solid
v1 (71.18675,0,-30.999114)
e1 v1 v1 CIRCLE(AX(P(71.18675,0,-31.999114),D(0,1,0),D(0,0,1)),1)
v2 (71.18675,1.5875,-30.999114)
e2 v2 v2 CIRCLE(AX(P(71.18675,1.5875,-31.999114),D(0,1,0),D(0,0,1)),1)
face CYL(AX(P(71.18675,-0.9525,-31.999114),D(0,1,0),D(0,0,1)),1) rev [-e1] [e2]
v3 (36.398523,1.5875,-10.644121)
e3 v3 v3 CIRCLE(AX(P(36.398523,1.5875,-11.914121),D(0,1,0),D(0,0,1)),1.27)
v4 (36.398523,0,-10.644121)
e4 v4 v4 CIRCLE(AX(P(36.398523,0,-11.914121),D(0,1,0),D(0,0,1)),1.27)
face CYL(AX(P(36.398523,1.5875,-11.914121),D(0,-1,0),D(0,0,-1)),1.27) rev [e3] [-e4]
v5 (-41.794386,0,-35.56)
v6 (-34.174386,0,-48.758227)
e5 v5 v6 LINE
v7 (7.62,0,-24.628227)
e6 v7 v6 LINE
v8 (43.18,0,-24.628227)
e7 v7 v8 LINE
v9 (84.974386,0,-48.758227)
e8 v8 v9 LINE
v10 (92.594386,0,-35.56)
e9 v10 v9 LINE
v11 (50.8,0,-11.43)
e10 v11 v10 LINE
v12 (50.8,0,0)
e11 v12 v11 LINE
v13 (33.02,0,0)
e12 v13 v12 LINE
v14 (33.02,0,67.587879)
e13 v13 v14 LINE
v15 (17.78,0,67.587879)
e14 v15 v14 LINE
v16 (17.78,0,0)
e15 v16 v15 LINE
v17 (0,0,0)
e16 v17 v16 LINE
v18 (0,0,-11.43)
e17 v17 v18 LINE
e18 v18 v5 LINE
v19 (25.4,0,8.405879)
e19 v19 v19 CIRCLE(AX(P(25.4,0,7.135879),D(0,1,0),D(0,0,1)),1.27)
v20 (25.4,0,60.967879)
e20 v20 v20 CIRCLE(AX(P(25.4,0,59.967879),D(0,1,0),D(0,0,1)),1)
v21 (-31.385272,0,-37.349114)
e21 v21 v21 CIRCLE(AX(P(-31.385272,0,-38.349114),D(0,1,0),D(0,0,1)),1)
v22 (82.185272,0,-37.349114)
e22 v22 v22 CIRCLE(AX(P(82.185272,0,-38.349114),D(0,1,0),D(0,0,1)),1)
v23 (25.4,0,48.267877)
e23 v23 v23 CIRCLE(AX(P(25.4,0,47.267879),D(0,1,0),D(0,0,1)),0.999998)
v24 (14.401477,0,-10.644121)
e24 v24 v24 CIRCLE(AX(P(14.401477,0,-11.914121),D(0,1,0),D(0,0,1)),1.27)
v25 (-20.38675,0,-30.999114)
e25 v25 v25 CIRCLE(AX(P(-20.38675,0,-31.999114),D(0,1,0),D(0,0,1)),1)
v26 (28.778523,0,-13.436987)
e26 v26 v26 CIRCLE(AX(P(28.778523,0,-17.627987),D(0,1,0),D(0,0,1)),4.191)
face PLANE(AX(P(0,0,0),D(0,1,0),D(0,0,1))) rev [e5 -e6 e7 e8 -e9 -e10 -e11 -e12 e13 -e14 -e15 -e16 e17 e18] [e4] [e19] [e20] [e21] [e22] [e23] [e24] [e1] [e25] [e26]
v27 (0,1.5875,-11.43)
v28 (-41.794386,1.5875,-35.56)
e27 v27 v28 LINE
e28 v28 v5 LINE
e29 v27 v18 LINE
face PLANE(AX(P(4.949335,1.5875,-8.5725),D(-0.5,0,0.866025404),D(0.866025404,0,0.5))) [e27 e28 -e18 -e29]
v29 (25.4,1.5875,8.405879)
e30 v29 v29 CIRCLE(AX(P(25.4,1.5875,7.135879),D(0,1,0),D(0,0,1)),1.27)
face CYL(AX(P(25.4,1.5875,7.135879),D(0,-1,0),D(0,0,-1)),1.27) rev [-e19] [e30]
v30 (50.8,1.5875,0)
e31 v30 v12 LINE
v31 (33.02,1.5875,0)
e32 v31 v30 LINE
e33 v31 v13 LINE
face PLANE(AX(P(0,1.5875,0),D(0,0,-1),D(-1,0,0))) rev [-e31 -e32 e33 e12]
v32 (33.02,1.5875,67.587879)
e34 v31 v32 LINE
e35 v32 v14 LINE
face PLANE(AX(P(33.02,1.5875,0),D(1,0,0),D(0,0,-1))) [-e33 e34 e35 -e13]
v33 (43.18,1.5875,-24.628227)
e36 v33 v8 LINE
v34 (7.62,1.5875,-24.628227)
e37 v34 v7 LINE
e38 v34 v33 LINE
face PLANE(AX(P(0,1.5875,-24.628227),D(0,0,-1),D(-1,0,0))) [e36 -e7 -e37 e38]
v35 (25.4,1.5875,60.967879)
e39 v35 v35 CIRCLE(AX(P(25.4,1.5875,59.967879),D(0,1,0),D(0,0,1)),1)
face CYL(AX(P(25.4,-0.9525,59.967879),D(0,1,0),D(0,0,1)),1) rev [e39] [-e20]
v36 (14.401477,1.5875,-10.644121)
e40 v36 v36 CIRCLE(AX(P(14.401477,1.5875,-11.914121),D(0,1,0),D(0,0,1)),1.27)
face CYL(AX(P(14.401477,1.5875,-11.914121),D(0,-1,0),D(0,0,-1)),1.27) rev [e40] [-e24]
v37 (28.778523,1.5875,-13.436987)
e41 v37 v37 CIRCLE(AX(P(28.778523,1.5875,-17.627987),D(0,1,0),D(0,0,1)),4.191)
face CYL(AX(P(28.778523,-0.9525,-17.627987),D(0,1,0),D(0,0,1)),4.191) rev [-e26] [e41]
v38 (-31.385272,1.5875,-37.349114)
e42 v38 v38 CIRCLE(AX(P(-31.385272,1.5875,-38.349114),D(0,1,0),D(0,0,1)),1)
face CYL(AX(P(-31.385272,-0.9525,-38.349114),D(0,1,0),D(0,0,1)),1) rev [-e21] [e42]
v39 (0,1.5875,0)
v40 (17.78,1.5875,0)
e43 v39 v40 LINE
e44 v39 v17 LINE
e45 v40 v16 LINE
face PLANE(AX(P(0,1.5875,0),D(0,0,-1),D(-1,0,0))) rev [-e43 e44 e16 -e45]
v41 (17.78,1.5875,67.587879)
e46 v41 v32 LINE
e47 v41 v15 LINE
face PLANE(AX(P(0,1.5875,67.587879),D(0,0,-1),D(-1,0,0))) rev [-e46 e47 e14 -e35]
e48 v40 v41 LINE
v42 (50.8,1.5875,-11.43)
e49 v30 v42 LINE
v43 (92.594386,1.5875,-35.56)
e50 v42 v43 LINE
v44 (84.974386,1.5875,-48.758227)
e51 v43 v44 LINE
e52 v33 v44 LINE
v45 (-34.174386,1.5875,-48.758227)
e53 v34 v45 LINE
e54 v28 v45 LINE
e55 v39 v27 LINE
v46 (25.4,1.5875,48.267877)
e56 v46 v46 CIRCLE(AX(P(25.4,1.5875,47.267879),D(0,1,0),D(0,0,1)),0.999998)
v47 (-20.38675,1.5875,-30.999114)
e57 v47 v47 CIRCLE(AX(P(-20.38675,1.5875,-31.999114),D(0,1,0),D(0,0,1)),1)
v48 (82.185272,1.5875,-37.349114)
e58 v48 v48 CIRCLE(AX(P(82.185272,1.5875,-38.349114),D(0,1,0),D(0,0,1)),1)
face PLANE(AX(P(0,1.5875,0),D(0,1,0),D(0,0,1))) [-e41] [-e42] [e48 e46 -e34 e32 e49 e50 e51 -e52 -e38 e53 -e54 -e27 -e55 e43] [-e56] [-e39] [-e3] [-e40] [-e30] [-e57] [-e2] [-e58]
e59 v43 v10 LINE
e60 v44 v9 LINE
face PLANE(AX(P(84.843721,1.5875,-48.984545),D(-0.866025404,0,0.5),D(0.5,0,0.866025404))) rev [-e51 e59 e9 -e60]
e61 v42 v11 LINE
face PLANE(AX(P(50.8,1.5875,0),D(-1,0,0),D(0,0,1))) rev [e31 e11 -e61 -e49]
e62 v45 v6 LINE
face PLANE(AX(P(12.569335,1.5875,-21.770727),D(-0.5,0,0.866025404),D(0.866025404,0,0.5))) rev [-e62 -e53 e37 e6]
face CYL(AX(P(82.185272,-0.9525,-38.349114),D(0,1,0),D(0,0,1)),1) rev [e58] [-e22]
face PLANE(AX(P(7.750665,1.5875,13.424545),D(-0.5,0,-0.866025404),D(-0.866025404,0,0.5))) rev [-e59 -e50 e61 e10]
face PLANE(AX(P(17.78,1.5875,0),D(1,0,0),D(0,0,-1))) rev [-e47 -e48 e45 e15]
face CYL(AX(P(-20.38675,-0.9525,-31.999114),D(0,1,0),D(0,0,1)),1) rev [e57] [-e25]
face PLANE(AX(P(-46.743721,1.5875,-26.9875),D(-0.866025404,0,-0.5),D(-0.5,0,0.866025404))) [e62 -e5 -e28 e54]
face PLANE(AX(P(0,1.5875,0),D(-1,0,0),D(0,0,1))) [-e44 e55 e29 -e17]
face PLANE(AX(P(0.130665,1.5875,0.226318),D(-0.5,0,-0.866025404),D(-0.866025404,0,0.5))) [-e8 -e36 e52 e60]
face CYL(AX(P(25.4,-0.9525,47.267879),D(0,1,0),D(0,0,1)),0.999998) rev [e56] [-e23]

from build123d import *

# Parameters (mm, degrees)
SKETCH1_R           = 1.27
BOSS_EXTRUDE2_DEPTH = 1.5875
SKETCH3_R           = 4.191
CUT_EXTRUDE1_DEPTH  = 2.54
SKETCH4_R           = 1
SKETCH4_R_2         = 0.999998
CUT_EXTRUDE2_DEPTH  = 2.54


with BuildPart() as part:
    # Sketch1 → Boss-Extrude2 (new body)
    with BuildSketch(Plane(origin=(0, 0, 0), x_dir=(1, 0, 0), z_dir=(0, 1, 0))):
        Polygon((-41.794385987, 35.56), (0, 11.43), (0, 0), (17.78, 0), (17.78, -67.587878735), (33.02, -67.587878735), (33.02, 0), (50.8, 0), (50.8, 11.43), (92.594385987, 35.56), (84.974385987, 48.758227154), (43.18, 24.628227154), (7.62, 24.628227154), (-34.174385987, 48.758227154), align=None)
        with Locations(Location((36.398522628, 11.914121265, 0), (0, 0, 270))):
            Circle(SKETCH1_R, mode=Mode.SUBTRACT)
        with Locations(Location((14.401477372, 11.914121265, 0), (0, 0, 270))):
            Circle(SKETCH1_R, mode=Mode.SUBTRACT)
        with Locations(Location((25.4, -7.135878735, 0), (0, 0, 270))):
            Circle(SKETCH1_R, mode=Mode.SUBTRACT)
    extrude(amount=BOSS_EXTRUDE2_DEPTH)

    # Sketch3 → Cut-Extrude1 (cut)
    with BuildSketch(Plane(origin=(0, 1.5875, 0), x_dir=(1, 0, 0), z_dir=(0, 1, 0))):
        with Locations(Location((28.778522628, 17.627987154, 0), (0, 0, 270))):
            Circle(SKETCH3_R)
    extrude(amount=-CUT_EXTRUDE1_DEPTH, mode=Mode.SUBTRACT)

    # Sketch4 → Cut-Extrude2 (cut)
    with BuildSketch(Plane(origin=(0, 1.5875, 0), x_dir=(1, 0, 0), z_dir=(0, 1, 0))):
        with Locations(Location((25.4, -59.967878735, 0), (0, 0, 270))):
            Circle(SKETCH4_R)
        with Locations(Location((25.4, -47.267878735, 0), (0, 0, 270))):
            Circle(SKETCH4_R_2)
        with Locations(Location((-20.386749782, 31.999113577, 0), (0, 0, 270))):
            Circle(SKETCH4_R)
        with Locations(Location((-31.38527241, 38.349113577, 0), (0, 0, 270))):
            Circle(SKETCH4_R)
        with Locations(Location((82.18527241, 38.349113577, 0), (0, 0, 270))):
            Circle(SKETCH4_R)
        with Locations(Location((71.186749782, 31.999113577, 0), (0, 0, 270))):
            Circle(SKETCH4_R)
    extrude(amount=-CUT_EXTRUDE2_DEPTH, mode=Mode.SUBTRACT)


solid = part.part
